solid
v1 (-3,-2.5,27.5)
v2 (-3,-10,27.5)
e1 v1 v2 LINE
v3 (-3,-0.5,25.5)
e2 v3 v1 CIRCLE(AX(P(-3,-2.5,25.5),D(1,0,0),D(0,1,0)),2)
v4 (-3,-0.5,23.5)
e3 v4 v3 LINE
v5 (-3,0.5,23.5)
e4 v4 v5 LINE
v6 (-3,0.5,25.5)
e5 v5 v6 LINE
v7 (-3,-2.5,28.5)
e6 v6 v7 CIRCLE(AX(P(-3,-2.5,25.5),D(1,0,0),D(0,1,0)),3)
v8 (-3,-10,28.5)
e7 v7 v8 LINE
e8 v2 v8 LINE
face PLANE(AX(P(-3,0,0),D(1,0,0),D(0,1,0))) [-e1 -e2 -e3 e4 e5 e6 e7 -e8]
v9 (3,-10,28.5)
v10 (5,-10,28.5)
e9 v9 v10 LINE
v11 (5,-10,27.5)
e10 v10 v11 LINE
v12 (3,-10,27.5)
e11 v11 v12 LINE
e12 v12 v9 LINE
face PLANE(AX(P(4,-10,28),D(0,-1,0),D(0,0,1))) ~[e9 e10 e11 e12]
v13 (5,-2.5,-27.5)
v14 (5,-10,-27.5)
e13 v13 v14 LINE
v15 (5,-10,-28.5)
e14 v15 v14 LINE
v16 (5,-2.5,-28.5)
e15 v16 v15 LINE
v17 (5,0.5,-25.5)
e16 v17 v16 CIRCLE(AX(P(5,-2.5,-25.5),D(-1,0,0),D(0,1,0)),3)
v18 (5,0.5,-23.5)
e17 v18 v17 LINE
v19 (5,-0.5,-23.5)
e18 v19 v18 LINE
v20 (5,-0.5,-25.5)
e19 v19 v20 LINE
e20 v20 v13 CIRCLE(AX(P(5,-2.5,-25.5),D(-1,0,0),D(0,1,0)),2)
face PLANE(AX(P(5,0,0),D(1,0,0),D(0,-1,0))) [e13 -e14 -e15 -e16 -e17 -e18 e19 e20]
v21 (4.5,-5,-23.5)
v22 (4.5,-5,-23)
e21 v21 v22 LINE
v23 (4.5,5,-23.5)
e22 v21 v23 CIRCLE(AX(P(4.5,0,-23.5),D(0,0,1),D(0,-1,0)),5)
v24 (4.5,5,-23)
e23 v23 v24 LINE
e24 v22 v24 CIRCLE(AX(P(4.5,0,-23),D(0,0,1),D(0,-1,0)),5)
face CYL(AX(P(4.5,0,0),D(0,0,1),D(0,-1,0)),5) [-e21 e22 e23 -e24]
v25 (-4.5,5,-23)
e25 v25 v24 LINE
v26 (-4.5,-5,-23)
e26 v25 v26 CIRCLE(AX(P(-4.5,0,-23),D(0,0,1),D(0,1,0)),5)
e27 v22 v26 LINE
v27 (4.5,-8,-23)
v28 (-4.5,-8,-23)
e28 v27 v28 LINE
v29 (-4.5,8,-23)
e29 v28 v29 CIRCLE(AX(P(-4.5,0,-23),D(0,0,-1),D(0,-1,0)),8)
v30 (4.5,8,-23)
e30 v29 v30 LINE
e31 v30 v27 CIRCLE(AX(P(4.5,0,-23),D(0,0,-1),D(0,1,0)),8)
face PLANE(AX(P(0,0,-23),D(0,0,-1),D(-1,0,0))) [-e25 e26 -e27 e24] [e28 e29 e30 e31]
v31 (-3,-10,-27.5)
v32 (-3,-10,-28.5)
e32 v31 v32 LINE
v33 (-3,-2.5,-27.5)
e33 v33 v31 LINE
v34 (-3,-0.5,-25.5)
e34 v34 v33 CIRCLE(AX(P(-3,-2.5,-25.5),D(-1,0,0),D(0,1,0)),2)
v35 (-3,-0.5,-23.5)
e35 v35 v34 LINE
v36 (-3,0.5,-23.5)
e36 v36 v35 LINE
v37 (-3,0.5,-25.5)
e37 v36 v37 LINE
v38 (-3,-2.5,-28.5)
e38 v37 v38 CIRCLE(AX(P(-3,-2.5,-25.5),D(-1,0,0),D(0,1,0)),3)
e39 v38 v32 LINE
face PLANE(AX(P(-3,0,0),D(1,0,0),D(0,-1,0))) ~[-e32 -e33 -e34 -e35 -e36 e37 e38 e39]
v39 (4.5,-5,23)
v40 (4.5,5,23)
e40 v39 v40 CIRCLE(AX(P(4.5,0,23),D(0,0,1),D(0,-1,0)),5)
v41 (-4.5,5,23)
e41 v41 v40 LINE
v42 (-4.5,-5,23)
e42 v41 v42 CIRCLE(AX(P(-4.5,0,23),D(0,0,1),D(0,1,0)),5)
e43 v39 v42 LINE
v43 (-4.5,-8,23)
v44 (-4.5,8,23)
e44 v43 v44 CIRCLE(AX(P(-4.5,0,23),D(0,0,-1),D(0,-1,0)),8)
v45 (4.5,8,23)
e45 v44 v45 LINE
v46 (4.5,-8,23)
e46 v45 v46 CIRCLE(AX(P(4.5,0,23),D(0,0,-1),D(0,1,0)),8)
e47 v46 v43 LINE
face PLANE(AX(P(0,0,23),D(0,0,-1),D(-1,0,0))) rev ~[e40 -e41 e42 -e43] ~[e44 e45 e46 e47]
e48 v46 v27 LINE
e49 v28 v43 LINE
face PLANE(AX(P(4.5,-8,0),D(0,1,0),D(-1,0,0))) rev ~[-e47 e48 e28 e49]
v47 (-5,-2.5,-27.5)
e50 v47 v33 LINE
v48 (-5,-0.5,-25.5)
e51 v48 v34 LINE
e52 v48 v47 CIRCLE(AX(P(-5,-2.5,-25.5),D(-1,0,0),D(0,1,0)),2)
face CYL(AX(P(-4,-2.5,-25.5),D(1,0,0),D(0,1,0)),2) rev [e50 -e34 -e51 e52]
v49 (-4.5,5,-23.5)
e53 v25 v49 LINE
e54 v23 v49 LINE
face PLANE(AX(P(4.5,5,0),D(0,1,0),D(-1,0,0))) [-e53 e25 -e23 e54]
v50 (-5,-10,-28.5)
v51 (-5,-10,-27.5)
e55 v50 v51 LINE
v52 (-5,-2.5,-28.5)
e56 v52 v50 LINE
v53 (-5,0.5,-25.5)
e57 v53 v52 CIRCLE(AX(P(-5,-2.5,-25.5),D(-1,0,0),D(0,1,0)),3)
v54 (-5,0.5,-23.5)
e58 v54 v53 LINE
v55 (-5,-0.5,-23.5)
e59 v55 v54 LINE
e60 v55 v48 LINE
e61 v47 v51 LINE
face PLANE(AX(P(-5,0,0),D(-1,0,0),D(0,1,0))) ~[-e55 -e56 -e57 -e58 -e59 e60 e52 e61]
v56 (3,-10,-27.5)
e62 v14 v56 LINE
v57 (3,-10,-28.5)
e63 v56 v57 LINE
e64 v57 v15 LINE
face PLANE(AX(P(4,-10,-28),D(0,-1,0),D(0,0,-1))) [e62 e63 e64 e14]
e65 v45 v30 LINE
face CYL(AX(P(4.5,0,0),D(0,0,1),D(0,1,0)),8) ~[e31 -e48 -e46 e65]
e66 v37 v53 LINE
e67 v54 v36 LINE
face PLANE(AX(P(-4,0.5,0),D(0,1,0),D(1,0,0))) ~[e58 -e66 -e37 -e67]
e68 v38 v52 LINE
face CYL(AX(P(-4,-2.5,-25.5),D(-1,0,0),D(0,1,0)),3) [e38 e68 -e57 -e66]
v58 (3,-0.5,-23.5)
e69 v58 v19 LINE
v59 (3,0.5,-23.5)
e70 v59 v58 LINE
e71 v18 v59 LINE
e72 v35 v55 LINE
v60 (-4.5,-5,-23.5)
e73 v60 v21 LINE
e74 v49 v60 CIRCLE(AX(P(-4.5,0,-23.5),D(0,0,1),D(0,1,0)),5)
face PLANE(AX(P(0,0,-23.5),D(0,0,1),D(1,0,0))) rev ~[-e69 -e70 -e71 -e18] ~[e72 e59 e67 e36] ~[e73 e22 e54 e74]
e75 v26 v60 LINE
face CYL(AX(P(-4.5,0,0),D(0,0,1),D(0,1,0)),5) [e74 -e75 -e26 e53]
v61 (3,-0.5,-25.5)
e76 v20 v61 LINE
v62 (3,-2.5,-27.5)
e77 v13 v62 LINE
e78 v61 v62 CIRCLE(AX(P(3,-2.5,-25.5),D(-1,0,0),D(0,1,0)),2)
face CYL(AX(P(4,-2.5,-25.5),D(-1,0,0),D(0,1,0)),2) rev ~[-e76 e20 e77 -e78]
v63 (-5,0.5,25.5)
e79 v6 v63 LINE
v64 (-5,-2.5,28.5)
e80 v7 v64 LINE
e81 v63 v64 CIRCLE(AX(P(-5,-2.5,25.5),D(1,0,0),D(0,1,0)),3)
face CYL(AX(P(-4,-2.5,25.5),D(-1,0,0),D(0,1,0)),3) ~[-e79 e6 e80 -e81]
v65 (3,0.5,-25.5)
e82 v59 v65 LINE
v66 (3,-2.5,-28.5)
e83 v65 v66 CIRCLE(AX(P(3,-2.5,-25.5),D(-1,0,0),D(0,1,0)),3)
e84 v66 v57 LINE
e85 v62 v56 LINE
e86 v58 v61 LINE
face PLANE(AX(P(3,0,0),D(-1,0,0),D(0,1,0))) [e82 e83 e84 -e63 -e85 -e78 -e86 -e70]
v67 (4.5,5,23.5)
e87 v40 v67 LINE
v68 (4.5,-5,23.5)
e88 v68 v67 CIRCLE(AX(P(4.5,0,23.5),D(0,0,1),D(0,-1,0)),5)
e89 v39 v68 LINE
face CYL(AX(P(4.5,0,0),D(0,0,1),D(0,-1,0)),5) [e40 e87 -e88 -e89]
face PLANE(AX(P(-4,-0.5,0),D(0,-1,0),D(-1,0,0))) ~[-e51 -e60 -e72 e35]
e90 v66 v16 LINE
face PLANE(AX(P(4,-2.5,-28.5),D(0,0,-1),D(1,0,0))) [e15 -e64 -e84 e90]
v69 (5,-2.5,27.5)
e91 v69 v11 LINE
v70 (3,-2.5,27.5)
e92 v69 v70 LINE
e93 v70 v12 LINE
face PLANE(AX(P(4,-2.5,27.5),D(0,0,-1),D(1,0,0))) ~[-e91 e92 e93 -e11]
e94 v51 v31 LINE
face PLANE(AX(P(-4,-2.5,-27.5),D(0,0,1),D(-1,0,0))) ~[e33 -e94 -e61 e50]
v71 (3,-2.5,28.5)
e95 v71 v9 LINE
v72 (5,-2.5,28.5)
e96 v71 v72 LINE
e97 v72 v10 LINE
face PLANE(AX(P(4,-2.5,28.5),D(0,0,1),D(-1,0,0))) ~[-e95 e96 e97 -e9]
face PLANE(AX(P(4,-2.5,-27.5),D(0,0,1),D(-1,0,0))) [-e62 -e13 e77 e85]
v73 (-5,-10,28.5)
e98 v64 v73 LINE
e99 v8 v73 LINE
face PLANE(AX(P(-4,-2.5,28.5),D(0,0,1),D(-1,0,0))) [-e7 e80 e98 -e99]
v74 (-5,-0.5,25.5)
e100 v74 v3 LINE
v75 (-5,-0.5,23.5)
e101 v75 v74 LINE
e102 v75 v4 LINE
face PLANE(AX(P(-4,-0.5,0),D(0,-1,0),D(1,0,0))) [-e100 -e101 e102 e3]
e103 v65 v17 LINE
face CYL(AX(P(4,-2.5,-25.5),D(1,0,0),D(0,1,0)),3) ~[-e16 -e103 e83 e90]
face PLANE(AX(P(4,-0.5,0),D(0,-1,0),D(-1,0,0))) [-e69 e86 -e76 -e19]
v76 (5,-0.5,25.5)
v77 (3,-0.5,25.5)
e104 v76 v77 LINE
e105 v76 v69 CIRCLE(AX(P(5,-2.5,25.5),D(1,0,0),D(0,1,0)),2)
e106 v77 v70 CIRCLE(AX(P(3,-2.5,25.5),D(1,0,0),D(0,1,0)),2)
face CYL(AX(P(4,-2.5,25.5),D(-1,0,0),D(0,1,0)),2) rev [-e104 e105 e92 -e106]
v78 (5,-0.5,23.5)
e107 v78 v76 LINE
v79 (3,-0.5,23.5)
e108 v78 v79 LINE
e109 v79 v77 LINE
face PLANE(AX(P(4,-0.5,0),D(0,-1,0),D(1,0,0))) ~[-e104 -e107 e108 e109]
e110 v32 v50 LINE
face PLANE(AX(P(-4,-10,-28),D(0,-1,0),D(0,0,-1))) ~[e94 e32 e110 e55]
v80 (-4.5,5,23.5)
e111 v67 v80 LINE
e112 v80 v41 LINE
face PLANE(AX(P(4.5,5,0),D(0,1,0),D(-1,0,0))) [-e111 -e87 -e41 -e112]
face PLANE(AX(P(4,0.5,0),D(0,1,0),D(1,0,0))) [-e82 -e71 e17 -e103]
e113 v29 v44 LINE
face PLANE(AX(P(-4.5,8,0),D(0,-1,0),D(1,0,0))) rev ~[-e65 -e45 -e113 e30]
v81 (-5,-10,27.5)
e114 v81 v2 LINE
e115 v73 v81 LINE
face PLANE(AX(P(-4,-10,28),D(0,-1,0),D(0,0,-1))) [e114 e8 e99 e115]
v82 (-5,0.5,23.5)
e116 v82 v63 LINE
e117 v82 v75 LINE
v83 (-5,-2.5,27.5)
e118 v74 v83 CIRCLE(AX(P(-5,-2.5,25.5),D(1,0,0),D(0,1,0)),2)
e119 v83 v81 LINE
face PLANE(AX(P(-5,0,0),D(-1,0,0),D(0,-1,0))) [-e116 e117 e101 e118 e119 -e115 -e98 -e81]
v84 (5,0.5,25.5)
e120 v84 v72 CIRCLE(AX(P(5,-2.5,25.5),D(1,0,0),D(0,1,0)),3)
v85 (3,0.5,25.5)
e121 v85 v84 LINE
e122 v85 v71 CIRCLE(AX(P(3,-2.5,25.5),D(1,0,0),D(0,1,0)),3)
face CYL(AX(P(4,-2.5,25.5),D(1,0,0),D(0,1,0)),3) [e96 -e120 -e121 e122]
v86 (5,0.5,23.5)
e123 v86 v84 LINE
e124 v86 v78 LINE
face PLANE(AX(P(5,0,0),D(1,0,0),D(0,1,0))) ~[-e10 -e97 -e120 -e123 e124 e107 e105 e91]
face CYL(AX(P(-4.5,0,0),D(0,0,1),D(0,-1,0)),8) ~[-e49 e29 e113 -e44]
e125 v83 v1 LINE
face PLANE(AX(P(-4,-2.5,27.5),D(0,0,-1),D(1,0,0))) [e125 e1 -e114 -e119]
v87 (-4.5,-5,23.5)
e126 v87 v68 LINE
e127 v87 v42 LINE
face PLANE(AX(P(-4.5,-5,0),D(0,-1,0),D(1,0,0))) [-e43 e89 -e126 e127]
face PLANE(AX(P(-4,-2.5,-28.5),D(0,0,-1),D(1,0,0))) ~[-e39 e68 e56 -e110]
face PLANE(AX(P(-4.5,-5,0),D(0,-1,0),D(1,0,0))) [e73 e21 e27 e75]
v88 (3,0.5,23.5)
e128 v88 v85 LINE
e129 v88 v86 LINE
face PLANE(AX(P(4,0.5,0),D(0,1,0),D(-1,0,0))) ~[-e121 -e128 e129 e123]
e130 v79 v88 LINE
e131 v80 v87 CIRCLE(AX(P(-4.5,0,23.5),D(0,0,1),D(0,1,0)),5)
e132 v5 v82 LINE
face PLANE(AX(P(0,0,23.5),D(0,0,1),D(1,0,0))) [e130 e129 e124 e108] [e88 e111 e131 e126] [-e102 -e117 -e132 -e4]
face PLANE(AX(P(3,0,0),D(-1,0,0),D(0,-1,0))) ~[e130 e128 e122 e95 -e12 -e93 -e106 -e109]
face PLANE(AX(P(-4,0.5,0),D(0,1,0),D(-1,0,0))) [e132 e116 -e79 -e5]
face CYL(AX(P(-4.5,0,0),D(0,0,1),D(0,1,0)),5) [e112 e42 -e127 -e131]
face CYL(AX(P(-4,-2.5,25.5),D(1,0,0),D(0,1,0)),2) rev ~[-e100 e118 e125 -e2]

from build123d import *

# Parameters (mm, degrees)
EXTRUDE1_DEPTH          = 23
EXTRUDE2_DEPTH          = 23.5
SKETCH6_W               = 2
SKETCH6_H               = 1
MIRROR2_COPY_1_SKETCH_W = 2
MIRROR2_COPY_1_SKETCH_H = 1


with BuildPart() as part:
    # Sketch1 → Extrude1 (new, symmetric)
    with BuildSketch(Plane.XY):
        with BuildLine():
            Line((-4.5, 8), (4.5, 8))
            ThreePointArc((4.5, 8), (12.5, 0), (4.5, -8))
            Line((4.5, -8), (-4.5, -8))
            ThreePointArc((-4.5, -8), (-12.5, 0), (-4.5, 8))
        make_face()
    extrude(amount=EXTRUDE1_DEPTH, both=True)

    # Sketch2 → Extrude2 (add, symmetric)
    with BuildSketch(Plane.XY):
        with BuildLine():
            Line((-4.5, -5), (4.5, -5))
            ThreePointArc((4.5, -5), (9.5, 0), (4.5, 5))
            Line((4.5, 5), (-4.5, 5))
            ThreePointArc((-4.5, 5), (-9.5, 0), (-4.5, -5))
        make_face()
    extrude(amount=EXTRUDE2_DEPTH, both=True)

    # Sweep1: sweep along a path in Sketch3
    with BuildLine(Plane(origin=(-4, 0, 0), x_dir=(0, 0, -1), z_dir=(1, 0, 0))) as sweep1_path:
        Line((0, 0), (-25.5, 0))
        ThreePointArc((-25.5, 0), (-27.267766953, -0.732233047), (-28, -2.5))
        Line((-28, -2.5), (-28, -10))
    # Sketch6 → Sweep1 (sweep)
    with BuildSketch(Plane.XY):
        with Locations((-4, 0)):
            Rectangle(SKETCH6_W, SKETCH6_H)
    sweep1 = sweep(path=sweep1_path.line)

    # Mirror1: Sweep1 across plane
    add(sweep1.mirror(Plane(origin=(0, 0, 0), x_dir=(0, 0, 1), z_dir=(1, 0, 0))))

    # Mirror2: Sweep1 across plane
    add(sweep1.mirror(Plane.XY))

    # Mirror2 copy 1: sweep along a path in Mirror2 copy 1 path
    with BuildLine(Plane.ZY.offset(-4)) as mirror2_copy_1_path:
        Line((0, 0), (-25.5, 0))
        ThreePointArc((-25.5, 0), (-27.267766953, -0.732233047), (-28, -2.5))
        Line((-28, -2.5), (-28, -10))
    # Mirror2 copy 1 sketch → Mirror2 copy 1 (sweep)
    with BuildSketch(Plane(origin=(0, 0, 0), x_dir=(-1, 0, 0), z_dir=(0, 0, -1))):
        with Locations((-4, 0)):
            Rectangle(MIRROR2_COPY_1_SKETCH_W, MIRROR2_COPY_1_SKETCH_H)
    sweep(path=mirror2_copy_1_path.line)


solid = part.part
